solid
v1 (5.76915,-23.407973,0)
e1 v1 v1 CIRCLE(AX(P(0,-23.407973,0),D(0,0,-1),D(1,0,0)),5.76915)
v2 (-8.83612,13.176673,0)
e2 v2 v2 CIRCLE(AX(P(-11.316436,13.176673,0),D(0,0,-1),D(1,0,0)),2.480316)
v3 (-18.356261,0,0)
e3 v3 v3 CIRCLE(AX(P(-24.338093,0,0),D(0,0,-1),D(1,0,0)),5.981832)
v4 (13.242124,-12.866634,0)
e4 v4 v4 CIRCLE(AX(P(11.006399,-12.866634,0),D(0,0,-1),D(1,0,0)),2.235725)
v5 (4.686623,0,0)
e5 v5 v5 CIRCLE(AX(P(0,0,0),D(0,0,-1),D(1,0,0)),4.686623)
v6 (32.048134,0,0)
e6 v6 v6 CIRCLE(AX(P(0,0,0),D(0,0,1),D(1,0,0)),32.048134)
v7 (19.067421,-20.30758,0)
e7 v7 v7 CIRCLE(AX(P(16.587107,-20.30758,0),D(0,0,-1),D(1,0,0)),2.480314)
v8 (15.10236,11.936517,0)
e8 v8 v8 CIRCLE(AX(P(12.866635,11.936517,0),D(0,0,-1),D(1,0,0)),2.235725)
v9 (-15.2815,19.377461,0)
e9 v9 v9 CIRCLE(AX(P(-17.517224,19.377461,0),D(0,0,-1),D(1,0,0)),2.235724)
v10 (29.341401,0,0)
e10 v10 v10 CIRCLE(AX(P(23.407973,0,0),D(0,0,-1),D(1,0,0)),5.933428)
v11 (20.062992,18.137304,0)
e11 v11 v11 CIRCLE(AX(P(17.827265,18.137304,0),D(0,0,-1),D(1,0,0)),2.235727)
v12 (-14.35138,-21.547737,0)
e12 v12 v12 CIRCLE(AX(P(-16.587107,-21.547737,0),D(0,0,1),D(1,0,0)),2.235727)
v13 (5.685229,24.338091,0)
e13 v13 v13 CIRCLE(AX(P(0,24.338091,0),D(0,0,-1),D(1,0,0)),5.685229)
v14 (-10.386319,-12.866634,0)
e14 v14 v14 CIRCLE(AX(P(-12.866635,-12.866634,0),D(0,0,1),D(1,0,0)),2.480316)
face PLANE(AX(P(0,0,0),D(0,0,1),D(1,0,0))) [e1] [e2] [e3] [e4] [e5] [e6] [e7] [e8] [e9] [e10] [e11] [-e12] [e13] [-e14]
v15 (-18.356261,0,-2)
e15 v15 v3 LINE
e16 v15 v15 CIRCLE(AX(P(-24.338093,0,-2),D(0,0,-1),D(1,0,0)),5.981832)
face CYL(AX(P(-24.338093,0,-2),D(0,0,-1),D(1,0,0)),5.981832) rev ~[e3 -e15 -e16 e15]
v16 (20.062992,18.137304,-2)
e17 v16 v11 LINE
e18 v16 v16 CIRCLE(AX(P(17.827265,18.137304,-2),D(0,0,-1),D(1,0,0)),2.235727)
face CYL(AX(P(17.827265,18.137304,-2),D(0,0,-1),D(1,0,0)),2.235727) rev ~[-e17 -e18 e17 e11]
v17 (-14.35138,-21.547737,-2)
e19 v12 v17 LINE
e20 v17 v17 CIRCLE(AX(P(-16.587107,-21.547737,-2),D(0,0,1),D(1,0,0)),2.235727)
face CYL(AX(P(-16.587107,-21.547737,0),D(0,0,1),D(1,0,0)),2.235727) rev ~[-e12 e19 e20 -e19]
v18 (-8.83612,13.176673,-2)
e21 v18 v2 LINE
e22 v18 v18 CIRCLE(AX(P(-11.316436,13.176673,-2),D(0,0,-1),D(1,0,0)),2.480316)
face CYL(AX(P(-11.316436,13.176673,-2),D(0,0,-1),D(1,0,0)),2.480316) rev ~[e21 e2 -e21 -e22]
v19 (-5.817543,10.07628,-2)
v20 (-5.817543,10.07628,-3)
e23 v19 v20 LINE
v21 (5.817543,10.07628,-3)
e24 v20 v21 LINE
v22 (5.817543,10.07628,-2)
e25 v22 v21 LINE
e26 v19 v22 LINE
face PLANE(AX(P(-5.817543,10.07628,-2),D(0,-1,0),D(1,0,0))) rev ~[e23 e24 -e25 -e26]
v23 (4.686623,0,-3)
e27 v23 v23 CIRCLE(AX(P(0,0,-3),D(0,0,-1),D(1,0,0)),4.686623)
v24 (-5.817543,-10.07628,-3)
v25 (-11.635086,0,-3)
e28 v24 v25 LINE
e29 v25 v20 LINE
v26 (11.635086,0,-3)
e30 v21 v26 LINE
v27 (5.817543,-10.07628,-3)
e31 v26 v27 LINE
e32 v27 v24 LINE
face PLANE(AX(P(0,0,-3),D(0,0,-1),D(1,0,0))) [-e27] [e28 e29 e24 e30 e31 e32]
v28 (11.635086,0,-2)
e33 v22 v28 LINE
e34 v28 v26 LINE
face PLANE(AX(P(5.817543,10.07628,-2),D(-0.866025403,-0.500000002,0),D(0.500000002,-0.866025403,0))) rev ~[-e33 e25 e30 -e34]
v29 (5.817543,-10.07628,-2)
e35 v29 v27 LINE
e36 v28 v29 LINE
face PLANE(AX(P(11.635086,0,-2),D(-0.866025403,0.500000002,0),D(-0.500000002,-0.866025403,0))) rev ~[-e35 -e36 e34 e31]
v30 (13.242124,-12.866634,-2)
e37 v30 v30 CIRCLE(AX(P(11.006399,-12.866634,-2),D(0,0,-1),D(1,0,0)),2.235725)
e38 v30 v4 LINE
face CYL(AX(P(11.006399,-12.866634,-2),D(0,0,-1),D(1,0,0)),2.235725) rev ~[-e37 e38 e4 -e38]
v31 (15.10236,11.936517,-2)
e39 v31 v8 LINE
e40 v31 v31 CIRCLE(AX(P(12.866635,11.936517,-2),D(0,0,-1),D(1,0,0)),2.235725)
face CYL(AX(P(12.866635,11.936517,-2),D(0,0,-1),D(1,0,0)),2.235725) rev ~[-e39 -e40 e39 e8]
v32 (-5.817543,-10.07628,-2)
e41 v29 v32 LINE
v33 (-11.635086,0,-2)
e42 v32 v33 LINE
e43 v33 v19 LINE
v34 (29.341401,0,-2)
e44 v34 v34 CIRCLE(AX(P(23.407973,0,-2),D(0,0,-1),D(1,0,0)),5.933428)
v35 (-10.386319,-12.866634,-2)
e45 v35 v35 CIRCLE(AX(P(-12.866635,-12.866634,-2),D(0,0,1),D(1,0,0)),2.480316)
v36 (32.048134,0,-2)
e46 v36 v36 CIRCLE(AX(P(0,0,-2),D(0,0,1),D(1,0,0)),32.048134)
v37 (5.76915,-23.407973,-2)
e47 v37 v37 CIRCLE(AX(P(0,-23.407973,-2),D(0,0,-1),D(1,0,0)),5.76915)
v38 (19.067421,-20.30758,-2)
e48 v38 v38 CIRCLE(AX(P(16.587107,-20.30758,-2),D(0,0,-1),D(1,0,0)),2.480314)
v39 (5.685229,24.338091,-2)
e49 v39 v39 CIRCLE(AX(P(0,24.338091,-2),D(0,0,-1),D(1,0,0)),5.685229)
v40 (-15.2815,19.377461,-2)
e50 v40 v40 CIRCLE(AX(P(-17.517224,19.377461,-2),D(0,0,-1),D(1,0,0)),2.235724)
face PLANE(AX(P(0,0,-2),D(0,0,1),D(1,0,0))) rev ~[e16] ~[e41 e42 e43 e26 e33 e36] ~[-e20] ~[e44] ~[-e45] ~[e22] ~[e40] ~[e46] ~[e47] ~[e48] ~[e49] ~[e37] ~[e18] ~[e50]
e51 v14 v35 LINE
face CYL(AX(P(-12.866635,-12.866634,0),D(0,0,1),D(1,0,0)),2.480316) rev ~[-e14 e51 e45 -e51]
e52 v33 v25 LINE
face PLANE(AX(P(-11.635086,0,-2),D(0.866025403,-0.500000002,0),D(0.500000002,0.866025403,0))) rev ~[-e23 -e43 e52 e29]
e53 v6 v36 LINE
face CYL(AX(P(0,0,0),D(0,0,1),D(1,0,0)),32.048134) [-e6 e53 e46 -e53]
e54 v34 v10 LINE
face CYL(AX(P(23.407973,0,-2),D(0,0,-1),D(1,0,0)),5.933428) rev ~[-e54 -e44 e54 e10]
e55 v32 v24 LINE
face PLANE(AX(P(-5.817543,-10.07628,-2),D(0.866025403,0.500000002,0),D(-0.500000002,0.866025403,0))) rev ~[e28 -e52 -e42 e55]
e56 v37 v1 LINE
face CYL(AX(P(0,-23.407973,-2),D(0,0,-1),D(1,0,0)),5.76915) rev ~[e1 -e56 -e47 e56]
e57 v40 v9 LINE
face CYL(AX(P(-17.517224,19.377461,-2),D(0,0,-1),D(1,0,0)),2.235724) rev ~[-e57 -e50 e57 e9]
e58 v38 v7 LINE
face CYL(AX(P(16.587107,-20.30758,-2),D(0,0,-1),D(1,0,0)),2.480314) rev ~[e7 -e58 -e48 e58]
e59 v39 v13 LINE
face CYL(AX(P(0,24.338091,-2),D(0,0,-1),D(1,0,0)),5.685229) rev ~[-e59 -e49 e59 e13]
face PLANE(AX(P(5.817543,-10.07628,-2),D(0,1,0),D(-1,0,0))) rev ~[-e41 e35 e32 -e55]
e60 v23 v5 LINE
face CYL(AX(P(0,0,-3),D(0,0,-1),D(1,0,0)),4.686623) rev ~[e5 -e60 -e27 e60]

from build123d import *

# Parameters (mm, degrees)
F0_R      = 32.048134
F1_DEPTH  = 2
F2_R      = 5.685229
F3_DEPTH  = 25
F4_R      = 5.933428
F5_DEPTH  = 25
F6_R      = 5.76915
F7_DEPTH  = 25
F8_R      = 5.981832
F9_DEPTH  = 25
F11_DEPTH = 1
F12_R     = 4.686623
F13_DEPTH = 25
F14_R     = 2.480316
F14_R_2   = 2.235724
F15_DEPTH = 25
F16_R     = 2.235725
F16_R_2   = 2.235727
F17_DEPTH = 25
F18_R     = 2.235725
F18_R_2   = 2.480314
F19_DEPTH = 25
F20_R     = 2.480316
F20_R_2   = 2.235727
F21_DEPTH = 25


with BuildPart() as f1:
    # F0 (on Top) → F1 (new body)
    with BuildSketch(Plane.XY):
        Circle(F0_R)
    extrude(amount=-F1_DEPTH)

    # F2 (on face) → F3 (cut)
    with BuildSketch(Plane(origin=(0, 0, -2), x_dir=(1, 0, 0), z_dir=(0, 0, -1))):
        with Locations((0, -24.338091)):
            Circle(F2_R)
    extrude(amount=-F3_DEPTH, mode=Mode.SUBTRACT)

    # F4 (on face) → F5 (cut)
    with BuildSketch(Plane(origin=(0, 0, -2), x_dir=(1, 0, 0), z_dir=(0, 0, -1))):
        with Locations((23.407973, 0)):
            Circle(F4_R)
    extrude(amount=-F5_DEPTH, mode=Mode.SUBTRACT)

    # F6 (on face) → F7 (cut)
    with BuildSketch(Plane(origin=(0, 0, -2), x_dir=(1, 0, 0), z_dir=(0, 0, -1))):
        with Locations((0, 23.407973)):
            Circle(F6_R)
    extrude(amount=-F7_DEPTH, mode=Mode.SUBTRACT)

    # F8 (on face) → F9 (cut)
    with BuildSketch(Plane(origin=(0, 0, -2), x_dir=(1, 0, 0), z_dir=(0, 0, -1))):
        with Locations((-24.338093, 0)):
            Circle(F8_R)
    extrude(amount=-F9_DEPTH, mode=Mode.SUBTRACT)

    # F10 (on face) → F11 (join)
    with BuildSketch(Plane(origin=(0, 0, -2), x_dir=(1, 0, 0), z_dir=(0, 0, -1))):
        Polygon((-5.817543, -10.07628), (5.817543, -10.07628), (11.635086, 0), (5.817543, 10.07628), (-5.817543, 10.07628), (-11.635086, 0), align=None)
    extrude(amount=F11_DEPTH)

    # F12 (on face) → F13 (cut)
    with BuildSketch(Plane(origin=(0, 0, -3), x_dir=(1, 0, 0), z_dir=(0, 0, -1))):
        Circle(F12_R)
    extrude(amount=-F13_DEPTH, mode=Mode.SUBTRACT)

    # F14 (on face) → F15 (cut)
    with BuildSketch(Plane(origin=(0, 0, -2), x_dir=(1, 0, 0), z_dir=(0, 0, -1))):
        with Locations((-11.316436, -13.176673)):
            Circle(F14_R)
        with Locations((-17.517224, -19.377461)):
            Circle(F14_R_2)
    extrude(amount=-F15_DEPTH, mode=Mode.SUBTRACT)

    # F16 (on face) → F17 (cut)
    with BuildSketch(Plane(origin=(0, 0, -2), x_dir=(1, 0, 0), z_dir=(0, 0, -1))):
        with Locations((12.866635, -11.936517)):
            Circle(F16_R)
        with Locations((17.827265, -18.137304)):
            Circle(F16_R_2)
    extrude(amount=-F17_DEPTH, mode=Mode.SUBTRACT)

    # F18 (on face) → F19 (cut)
    with BuildSketch(Plane(origin=(0, 0, -2), x_dir=(1, 0, 0), z_dir=(0, 0, -1))):
        with Locations((11.006399, 12.866634)):
            Circle(F18_R)
        with Locations((16.587107, 20.30758)):
            Circle(F18_R_2)
    extrude(amount=-F19_DEPTH, mode=Mode.SUBTRACT)

    # F20 (on Top) → F21 (cut)
    with BuildSketch(Plane.XY):
        with Locations((-12.866635, -12.866634)):
            Circle(F20_R)
        with Locations((-16.587107, -21.547737)):
            Circle(F20_R_2)
    extrude(amount=-F21_DEPTH, mode=Mode.SUBTRACT)


solid = f1.part
